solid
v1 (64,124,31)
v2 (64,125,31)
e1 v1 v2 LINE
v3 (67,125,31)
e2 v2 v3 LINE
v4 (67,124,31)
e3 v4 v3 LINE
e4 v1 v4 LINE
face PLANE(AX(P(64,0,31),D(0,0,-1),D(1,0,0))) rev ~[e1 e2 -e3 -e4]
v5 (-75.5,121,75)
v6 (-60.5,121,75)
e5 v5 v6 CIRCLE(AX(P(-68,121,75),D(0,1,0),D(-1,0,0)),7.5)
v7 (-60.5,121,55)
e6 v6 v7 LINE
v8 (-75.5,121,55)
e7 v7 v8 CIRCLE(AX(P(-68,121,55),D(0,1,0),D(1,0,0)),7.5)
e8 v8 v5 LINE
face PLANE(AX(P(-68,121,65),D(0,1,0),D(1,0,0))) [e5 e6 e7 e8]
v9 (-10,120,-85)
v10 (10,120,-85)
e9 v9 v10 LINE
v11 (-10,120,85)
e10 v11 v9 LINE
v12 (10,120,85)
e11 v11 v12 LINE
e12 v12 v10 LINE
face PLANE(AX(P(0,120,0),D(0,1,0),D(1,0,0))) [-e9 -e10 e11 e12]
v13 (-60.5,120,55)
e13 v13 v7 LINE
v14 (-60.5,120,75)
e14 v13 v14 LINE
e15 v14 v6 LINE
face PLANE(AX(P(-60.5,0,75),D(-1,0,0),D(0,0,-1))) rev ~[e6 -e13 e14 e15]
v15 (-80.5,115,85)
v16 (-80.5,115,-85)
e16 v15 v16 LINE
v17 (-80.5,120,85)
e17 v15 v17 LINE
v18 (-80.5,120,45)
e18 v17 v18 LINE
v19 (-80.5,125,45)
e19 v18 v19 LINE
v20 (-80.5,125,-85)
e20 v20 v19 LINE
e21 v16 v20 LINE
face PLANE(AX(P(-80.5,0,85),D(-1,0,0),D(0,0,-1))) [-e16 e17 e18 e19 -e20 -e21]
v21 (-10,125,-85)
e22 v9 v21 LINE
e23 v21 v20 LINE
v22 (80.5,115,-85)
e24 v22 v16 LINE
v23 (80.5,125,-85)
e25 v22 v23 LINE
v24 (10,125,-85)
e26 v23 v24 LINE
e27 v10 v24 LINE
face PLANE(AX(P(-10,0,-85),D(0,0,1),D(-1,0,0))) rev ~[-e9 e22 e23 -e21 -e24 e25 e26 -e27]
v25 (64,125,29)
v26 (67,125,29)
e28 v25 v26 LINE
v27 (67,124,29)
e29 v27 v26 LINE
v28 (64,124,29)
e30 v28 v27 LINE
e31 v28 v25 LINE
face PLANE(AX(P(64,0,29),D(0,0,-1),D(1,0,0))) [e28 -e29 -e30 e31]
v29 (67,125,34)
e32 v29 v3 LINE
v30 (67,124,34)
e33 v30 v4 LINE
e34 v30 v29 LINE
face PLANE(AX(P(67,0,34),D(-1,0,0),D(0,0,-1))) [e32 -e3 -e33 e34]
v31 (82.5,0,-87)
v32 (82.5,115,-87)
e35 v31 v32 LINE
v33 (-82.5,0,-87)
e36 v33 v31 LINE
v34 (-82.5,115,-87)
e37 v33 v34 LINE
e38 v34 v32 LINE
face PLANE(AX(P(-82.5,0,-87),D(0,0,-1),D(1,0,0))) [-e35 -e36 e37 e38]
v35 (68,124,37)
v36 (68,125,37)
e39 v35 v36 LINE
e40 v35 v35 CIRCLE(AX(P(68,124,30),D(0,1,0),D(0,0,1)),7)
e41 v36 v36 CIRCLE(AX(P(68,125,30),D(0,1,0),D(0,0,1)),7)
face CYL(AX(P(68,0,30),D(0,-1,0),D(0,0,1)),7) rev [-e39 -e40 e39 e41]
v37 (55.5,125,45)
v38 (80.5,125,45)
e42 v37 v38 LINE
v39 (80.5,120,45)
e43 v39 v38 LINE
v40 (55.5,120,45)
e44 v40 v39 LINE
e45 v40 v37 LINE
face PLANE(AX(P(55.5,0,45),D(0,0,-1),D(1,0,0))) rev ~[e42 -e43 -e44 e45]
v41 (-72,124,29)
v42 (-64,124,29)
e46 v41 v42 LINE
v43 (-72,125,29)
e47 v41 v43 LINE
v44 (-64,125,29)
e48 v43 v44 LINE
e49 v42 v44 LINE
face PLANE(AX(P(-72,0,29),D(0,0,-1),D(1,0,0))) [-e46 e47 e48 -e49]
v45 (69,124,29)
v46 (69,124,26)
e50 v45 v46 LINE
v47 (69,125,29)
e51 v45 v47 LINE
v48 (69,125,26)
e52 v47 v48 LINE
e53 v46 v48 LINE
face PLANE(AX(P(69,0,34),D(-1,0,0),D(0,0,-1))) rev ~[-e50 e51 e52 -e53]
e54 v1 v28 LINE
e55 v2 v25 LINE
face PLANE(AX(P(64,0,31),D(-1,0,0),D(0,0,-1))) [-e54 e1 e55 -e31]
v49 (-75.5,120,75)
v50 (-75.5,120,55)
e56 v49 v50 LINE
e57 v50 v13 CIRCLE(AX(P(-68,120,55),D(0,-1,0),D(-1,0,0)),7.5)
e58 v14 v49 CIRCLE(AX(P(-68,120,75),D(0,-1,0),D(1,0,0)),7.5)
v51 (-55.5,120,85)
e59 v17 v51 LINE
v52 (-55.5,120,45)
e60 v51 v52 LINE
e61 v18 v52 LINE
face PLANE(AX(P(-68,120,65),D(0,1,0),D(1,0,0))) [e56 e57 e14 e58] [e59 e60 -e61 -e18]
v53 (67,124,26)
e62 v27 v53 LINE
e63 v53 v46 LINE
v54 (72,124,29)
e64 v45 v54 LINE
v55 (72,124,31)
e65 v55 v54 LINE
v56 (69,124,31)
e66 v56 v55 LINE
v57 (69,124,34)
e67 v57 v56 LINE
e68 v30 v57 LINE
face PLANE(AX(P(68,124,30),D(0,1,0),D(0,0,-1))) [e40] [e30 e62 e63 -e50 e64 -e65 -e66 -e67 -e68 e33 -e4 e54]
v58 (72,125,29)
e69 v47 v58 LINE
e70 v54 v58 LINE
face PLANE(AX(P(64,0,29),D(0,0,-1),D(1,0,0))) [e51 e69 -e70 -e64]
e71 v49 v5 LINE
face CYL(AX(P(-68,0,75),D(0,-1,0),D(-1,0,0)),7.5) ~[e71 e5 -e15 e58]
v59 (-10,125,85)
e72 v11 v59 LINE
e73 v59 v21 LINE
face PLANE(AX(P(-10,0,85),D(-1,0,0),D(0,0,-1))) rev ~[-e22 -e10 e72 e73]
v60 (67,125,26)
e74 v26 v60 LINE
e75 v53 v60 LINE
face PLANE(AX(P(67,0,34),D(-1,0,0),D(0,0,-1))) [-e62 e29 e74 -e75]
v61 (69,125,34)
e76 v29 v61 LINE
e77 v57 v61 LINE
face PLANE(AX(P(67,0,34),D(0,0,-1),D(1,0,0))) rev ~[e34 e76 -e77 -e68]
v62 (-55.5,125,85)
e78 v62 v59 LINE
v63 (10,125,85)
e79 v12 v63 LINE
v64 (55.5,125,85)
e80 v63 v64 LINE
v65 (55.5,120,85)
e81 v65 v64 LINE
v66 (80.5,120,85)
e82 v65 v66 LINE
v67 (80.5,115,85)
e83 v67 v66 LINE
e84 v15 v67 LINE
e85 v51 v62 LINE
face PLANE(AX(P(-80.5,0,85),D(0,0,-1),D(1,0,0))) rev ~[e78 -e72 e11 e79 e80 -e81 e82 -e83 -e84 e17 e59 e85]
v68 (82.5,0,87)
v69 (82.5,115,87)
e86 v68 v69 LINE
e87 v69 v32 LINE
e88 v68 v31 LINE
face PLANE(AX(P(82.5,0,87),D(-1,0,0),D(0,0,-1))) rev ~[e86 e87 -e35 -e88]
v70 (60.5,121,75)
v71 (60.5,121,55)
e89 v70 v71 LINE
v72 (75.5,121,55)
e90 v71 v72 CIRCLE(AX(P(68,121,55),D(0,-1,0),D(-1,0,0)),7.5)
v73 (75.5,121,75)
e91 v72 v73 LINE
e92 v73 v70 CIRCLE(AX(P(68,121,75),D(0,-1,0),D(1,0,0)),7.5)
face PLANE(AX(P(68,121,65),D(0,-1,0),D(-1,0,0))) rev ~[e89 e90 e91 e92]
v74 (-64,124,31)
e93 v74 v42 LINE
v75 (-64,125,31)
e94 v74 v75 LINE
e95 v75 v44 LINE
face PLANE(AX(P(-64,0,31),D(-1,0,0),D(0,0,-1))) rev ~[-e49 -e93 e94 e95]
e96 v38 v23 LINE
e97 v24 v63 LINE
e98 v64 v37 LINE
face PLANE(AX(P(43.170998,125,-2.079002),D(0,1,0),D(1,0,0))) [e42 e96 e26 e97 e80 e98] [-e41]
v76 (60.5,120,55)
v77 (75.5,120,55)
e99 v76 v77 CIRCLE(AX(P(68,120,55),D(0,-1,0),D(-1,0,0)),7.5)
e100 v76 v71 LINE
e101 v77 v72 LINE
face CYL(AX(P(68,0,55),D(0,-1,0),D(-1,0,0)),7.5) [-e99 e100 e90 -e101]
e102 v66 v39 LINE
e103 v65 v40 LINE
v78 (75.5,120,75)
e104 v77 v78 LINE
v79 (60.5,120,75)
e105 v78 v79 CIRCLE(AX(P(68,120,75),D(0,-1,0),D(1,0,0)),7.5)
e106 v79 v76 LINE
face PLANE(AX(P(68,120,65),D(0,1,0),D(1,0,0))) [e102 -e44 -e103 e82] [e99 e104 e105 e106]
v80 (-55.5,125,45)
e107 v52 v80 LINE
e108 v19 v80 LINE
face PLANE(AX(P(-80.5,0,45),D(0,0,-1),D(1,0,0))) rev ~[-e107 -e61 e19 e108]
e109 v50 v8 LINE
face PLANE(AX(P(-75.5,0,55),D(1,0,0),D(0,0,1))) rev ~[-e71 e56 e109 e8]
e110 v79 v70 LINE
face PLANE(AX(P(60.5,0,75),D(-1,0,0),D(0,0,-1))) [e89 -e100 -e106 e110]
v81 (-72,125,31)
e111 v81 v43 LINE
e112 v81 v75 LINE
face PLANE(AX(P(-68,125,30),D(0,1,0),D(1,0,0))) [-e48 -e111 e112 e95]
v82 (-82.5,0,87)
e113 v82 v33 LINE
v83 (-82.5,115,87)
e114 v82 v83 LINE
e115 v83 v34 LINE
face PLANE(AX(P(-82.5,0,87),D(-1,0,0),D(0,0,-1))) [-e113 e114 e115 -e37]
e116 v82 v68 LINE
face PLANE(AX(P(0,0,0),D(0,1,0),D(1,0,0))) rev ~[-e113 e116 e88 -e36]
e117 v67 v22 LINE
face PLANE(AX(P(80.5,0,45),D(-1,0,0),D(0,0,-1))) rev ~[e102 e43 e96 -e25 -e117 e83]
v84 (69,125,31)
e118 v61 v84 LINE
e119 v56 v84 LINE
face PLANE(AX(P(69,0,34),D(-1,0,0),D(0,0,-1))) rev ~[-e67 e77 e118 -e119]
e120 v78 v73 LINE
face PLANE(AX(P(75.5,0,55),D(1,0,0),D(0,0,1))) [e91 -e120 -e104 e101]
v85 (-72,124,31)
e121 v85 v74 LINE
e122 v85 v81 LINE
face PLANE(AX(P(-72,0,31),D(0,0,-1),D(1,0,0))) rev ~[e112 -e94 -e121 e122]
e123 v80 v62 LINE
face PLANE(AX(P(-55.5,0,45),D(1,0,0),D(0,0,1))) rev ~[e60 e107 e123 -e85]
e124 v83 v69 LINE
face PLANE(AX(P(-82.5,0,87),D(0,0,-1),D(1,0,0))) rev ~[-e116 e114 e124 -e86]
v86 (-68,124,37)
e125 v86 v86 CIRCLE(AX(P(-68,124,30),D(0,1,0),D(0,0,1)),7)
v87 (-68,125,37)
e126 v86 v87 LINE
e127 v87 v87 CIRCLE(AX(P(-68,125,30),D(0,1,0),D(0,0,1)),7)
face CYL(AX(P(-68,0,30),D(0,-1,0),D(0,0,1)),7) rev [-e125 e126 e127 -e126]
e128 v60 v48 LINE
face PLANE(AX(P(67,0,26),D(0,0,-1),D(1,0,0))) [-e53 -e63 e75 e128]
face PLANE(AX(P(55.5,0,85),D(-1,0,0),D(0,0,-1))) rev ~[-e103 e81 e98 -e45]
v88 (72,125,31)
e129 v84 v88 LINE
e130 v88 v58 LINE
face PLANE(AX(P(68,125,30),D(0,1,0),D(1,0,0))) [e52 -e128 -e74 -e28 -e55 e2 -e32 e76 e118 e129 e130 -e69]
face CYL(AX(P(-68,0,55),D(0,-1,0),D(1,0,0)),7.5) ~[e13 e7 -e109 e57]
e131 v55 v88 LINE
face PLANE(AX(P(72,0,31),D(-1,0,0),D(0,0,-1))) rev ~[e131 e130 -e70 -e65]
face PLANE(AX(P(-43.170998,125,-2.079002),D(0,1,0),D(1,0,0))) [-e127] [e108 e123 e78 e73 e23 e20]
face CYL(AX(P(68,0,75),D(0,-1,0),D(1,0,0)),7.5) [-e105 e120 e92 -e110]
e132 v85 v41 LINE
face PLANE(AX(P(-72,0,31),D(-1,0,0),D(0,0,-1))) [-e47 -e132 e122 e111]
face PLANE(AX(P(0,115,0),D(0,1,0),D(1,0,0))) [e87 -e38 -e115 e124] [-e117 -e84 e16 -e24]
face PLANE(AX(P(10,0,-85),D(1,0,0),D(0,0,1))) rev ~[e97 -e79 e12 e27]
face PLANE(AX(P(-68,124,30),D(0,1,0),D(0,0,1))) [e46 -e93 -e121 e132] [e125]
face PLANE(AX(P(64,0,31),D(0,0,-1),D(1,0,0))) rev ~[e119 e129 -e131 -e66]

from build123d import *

# Parameters (mm, degrees)
SKETCH1_R             = 7
BOSS_EXTRUDE3_DEPTH   = 125
BOSS_EXTRUDE3_2_DEPTH = 125
SKETCH1_W             = 8
SKETCH1_H             = 2
BOSS_EXTRUDE3_3_DEPTH = 125
BOSS_EXTRUDE3_4_DEPTH = 125
SKETCH1_6_R           = 7
BOSS_EXTRUDE4_DEPTH   = 124
SKETCH1_7_W           = 20
SKETCH1_7_H           = 170
SKETCH1_7_W_2         = 25
SKETCH1_7_H_2         = 40
BOSS_EXTRUDE5_DEPTH   = 120
BOSS_EXTRUDE6_DEPTH   = 121
SKETCH1_10_W          = 165
SKETCH1_10_H          = 174
BOSS_EXTRUDE7_DEPTH   = 115


with BuildPart() as part:
    # Sketch1 → Boss-Extrude3 (new body)
    with BuildSketch(Plane(origin=(0, 0, 0), x_dir=(1, 0, 0), z_dir=(0, 1, 0))):
        Polygon((80.5, -45), (80.5, 85), (10, 85), (10, -85), (55.5, -85), (55.5, -45), align=None)
        with Locations((68, -30)):
            Circle(SKETCH1_R, mode=Mode.SUBTRACT)
    extrude(amount=BOSS_EXTRUDE3_DEPTH)



with BuildPart() as body_2:
    # Sketch1 → Boss-Extrude3 2 (new body)
    with BuildSketch(Plane(origin=(0, 0, 0), x_dir=(1, 0, 0), z_dir=(0, 1, 0))):
        Polygon((-10, -85), (-10, 85), (-80.5, 85), (-80.5, -45), (-55.5, -45), (-55.5, -85), align=None)
        with Locations((-68, -30)):
            Circle(SKETCH1_R, mode=Mode.SUBTRACT)
    extrude(amount=BOSS_EXTRUDE3_2_DEPTH)


with BuildPart() as body_3:
    # Sketch1 → Boss-Extrude3 3 (new body)
    with BuildSketch(Plane(origin=(0, 0, 0), x_dir=(1, 0, 0), z_dir=(0, 1, 0))):
        with Locations((-68, -30)):
            Rectangle(SKETCH1_W, SKETCH1_H)
    extrude(amount=BOSS_EXTRUDE3_3_DEPTH)


with BuildPart() as body_4:
    # Sketch1 → Boss-Extrude3 4 (new body)
    with BuildSketch(Plane(origin=(0, 0, 0), x_dir=(1, 0, 0), z_dir=(0, 1, 0))):
        Polygon((72, -31), (72, -29), (69, -29), (69, -26), (67, -26), (67, -29), (64, -29), (64, -31), (67, -31), (67, -34), (69, -34), (69, -31), align=None)
    extrude(amount=BOSS_EXTRUDE3_4_DEPTH)


with BuildPart() as part_1:
    add(part.part)

    add(body_2.part)  # Boss-Extrude4 merges body 2

    add(body_3.part)  # Boss-Extrude4 merges body 3

    add(body_4.part)  # Boss-Extrude4 merges body 4
    # Sketch1<6> → Boss-Extrude4 (add)
    with BuildSketch(Plane(origin=(0, 0, 0), x_dir=(1, 0, 0), z_dir=(0, 1, 0))):
        with Locations((-68, -30)):
            Circle(SKETCH1_6_R)
        with Locations((68, -30)):
            Circle(SKETCH1_6_R)
    extrude(amount=BOSS_EXTRUDE4_DEPTH)

    # Sketch1<7> → Boss-Extrude5 (add)
    # profile 1 of 3: a face of its own
    with BuildSketch(Plane(origin=(0, 0, 0), x_dir=(1, 0, 0), z_dir=(0, 1, 0))):
        Rectangle(SKETCH1_7_W, SKETCH1_7_H)
    # profile 2 of 3: a face of its own
    with BuildSketch(Plane(origin=(0, 0, 0), x_dir=(1, 0, 0), z_dir=(0, 1, 0))):
        with Locations((68, -65)):
            Rectangle(SKETCH1_7_W_2, SKETCH1_7_H_2)
        with BuildLine():
            Line((60.5, -75), (60.5, -55))
            ThreePointArc((60.5, -55), (68, -47.5), (75.5, -55))
            Line((75.5, -55), (75.5, -75))
            ThreePointArc((75.5, -75), (68, -82.5), (60.5, -75))
        make_face(mode=Mode.SUBTRACT)
    # profile 3 of 3: a face of its own
    with BuildSketch(Plane(origin=(0, 0, 0), x_dir=(1, 0, 0), z_dir=(0, 1, 0))):
        with Locations((-68, -65)):
            Rectangle(SKETCH1_7_W_2, SKETCH1_7_H_2)
        with BuildLine():
            ThreePointArc((-75.5, -55), (-68, -47.5), (-60.5, -55))
            Line((-60.5, -55), (-60.5, -75))
            ThreePointArc((-60.5, -75), (-68, -82.5), (-75.5, -75))
            Line((-75.5, -75), (-75.5, -55))
        make_face(mode=Mode.SUBTRACT)
    extrude(amount=BOSS_EXTRUDE5_DEPTH)

    # Sketch1<8> → Boss-Extrude6 (add)
    with BuildSketch(Plane(origin=(0, 0, 0), x_dir=(1, 0, 0), z_dir=(0, 1, 0))):
        with BuildLine():
            Line((-60.5, -75), (-60.5, -55))
            ThreePointArc((-60.5, -55), (-68, -47.5), (-75.5, -55))
            Line((-75.5, -55), (-75.5, -75))
            ThreePointArc((-75.5, -75), (-68, -82.5), (-60.5, -75))
        make_face()
        with BuildLine():
            ThreePointArc((75.5, -55), (68, -47.5), (60.5, -55))
            Line((60.5, -55), (60.5, -75))
            ThreePointArc((60.5, -75), (68, -82.5), (75.5, -75))
            Line((75.5, -75), (75.5, -55))
        make_face()
    extrude(amount=BOSS_EXTRUDE6_DEPTH)

    # Sketch1<10> → Boss-Extrude7 (add)
    with BuildSketch(Plane(origin=(0, 0, 0), x_dir=(1, 0, 0), z_dir=(0, 1, 0))):
        Rectangle(SKETCH1_10_W, SKETCH1_10_H)
    extrude(amount=BOSS_EXTRUDE7_DEPTH)


solid = part_1.part
